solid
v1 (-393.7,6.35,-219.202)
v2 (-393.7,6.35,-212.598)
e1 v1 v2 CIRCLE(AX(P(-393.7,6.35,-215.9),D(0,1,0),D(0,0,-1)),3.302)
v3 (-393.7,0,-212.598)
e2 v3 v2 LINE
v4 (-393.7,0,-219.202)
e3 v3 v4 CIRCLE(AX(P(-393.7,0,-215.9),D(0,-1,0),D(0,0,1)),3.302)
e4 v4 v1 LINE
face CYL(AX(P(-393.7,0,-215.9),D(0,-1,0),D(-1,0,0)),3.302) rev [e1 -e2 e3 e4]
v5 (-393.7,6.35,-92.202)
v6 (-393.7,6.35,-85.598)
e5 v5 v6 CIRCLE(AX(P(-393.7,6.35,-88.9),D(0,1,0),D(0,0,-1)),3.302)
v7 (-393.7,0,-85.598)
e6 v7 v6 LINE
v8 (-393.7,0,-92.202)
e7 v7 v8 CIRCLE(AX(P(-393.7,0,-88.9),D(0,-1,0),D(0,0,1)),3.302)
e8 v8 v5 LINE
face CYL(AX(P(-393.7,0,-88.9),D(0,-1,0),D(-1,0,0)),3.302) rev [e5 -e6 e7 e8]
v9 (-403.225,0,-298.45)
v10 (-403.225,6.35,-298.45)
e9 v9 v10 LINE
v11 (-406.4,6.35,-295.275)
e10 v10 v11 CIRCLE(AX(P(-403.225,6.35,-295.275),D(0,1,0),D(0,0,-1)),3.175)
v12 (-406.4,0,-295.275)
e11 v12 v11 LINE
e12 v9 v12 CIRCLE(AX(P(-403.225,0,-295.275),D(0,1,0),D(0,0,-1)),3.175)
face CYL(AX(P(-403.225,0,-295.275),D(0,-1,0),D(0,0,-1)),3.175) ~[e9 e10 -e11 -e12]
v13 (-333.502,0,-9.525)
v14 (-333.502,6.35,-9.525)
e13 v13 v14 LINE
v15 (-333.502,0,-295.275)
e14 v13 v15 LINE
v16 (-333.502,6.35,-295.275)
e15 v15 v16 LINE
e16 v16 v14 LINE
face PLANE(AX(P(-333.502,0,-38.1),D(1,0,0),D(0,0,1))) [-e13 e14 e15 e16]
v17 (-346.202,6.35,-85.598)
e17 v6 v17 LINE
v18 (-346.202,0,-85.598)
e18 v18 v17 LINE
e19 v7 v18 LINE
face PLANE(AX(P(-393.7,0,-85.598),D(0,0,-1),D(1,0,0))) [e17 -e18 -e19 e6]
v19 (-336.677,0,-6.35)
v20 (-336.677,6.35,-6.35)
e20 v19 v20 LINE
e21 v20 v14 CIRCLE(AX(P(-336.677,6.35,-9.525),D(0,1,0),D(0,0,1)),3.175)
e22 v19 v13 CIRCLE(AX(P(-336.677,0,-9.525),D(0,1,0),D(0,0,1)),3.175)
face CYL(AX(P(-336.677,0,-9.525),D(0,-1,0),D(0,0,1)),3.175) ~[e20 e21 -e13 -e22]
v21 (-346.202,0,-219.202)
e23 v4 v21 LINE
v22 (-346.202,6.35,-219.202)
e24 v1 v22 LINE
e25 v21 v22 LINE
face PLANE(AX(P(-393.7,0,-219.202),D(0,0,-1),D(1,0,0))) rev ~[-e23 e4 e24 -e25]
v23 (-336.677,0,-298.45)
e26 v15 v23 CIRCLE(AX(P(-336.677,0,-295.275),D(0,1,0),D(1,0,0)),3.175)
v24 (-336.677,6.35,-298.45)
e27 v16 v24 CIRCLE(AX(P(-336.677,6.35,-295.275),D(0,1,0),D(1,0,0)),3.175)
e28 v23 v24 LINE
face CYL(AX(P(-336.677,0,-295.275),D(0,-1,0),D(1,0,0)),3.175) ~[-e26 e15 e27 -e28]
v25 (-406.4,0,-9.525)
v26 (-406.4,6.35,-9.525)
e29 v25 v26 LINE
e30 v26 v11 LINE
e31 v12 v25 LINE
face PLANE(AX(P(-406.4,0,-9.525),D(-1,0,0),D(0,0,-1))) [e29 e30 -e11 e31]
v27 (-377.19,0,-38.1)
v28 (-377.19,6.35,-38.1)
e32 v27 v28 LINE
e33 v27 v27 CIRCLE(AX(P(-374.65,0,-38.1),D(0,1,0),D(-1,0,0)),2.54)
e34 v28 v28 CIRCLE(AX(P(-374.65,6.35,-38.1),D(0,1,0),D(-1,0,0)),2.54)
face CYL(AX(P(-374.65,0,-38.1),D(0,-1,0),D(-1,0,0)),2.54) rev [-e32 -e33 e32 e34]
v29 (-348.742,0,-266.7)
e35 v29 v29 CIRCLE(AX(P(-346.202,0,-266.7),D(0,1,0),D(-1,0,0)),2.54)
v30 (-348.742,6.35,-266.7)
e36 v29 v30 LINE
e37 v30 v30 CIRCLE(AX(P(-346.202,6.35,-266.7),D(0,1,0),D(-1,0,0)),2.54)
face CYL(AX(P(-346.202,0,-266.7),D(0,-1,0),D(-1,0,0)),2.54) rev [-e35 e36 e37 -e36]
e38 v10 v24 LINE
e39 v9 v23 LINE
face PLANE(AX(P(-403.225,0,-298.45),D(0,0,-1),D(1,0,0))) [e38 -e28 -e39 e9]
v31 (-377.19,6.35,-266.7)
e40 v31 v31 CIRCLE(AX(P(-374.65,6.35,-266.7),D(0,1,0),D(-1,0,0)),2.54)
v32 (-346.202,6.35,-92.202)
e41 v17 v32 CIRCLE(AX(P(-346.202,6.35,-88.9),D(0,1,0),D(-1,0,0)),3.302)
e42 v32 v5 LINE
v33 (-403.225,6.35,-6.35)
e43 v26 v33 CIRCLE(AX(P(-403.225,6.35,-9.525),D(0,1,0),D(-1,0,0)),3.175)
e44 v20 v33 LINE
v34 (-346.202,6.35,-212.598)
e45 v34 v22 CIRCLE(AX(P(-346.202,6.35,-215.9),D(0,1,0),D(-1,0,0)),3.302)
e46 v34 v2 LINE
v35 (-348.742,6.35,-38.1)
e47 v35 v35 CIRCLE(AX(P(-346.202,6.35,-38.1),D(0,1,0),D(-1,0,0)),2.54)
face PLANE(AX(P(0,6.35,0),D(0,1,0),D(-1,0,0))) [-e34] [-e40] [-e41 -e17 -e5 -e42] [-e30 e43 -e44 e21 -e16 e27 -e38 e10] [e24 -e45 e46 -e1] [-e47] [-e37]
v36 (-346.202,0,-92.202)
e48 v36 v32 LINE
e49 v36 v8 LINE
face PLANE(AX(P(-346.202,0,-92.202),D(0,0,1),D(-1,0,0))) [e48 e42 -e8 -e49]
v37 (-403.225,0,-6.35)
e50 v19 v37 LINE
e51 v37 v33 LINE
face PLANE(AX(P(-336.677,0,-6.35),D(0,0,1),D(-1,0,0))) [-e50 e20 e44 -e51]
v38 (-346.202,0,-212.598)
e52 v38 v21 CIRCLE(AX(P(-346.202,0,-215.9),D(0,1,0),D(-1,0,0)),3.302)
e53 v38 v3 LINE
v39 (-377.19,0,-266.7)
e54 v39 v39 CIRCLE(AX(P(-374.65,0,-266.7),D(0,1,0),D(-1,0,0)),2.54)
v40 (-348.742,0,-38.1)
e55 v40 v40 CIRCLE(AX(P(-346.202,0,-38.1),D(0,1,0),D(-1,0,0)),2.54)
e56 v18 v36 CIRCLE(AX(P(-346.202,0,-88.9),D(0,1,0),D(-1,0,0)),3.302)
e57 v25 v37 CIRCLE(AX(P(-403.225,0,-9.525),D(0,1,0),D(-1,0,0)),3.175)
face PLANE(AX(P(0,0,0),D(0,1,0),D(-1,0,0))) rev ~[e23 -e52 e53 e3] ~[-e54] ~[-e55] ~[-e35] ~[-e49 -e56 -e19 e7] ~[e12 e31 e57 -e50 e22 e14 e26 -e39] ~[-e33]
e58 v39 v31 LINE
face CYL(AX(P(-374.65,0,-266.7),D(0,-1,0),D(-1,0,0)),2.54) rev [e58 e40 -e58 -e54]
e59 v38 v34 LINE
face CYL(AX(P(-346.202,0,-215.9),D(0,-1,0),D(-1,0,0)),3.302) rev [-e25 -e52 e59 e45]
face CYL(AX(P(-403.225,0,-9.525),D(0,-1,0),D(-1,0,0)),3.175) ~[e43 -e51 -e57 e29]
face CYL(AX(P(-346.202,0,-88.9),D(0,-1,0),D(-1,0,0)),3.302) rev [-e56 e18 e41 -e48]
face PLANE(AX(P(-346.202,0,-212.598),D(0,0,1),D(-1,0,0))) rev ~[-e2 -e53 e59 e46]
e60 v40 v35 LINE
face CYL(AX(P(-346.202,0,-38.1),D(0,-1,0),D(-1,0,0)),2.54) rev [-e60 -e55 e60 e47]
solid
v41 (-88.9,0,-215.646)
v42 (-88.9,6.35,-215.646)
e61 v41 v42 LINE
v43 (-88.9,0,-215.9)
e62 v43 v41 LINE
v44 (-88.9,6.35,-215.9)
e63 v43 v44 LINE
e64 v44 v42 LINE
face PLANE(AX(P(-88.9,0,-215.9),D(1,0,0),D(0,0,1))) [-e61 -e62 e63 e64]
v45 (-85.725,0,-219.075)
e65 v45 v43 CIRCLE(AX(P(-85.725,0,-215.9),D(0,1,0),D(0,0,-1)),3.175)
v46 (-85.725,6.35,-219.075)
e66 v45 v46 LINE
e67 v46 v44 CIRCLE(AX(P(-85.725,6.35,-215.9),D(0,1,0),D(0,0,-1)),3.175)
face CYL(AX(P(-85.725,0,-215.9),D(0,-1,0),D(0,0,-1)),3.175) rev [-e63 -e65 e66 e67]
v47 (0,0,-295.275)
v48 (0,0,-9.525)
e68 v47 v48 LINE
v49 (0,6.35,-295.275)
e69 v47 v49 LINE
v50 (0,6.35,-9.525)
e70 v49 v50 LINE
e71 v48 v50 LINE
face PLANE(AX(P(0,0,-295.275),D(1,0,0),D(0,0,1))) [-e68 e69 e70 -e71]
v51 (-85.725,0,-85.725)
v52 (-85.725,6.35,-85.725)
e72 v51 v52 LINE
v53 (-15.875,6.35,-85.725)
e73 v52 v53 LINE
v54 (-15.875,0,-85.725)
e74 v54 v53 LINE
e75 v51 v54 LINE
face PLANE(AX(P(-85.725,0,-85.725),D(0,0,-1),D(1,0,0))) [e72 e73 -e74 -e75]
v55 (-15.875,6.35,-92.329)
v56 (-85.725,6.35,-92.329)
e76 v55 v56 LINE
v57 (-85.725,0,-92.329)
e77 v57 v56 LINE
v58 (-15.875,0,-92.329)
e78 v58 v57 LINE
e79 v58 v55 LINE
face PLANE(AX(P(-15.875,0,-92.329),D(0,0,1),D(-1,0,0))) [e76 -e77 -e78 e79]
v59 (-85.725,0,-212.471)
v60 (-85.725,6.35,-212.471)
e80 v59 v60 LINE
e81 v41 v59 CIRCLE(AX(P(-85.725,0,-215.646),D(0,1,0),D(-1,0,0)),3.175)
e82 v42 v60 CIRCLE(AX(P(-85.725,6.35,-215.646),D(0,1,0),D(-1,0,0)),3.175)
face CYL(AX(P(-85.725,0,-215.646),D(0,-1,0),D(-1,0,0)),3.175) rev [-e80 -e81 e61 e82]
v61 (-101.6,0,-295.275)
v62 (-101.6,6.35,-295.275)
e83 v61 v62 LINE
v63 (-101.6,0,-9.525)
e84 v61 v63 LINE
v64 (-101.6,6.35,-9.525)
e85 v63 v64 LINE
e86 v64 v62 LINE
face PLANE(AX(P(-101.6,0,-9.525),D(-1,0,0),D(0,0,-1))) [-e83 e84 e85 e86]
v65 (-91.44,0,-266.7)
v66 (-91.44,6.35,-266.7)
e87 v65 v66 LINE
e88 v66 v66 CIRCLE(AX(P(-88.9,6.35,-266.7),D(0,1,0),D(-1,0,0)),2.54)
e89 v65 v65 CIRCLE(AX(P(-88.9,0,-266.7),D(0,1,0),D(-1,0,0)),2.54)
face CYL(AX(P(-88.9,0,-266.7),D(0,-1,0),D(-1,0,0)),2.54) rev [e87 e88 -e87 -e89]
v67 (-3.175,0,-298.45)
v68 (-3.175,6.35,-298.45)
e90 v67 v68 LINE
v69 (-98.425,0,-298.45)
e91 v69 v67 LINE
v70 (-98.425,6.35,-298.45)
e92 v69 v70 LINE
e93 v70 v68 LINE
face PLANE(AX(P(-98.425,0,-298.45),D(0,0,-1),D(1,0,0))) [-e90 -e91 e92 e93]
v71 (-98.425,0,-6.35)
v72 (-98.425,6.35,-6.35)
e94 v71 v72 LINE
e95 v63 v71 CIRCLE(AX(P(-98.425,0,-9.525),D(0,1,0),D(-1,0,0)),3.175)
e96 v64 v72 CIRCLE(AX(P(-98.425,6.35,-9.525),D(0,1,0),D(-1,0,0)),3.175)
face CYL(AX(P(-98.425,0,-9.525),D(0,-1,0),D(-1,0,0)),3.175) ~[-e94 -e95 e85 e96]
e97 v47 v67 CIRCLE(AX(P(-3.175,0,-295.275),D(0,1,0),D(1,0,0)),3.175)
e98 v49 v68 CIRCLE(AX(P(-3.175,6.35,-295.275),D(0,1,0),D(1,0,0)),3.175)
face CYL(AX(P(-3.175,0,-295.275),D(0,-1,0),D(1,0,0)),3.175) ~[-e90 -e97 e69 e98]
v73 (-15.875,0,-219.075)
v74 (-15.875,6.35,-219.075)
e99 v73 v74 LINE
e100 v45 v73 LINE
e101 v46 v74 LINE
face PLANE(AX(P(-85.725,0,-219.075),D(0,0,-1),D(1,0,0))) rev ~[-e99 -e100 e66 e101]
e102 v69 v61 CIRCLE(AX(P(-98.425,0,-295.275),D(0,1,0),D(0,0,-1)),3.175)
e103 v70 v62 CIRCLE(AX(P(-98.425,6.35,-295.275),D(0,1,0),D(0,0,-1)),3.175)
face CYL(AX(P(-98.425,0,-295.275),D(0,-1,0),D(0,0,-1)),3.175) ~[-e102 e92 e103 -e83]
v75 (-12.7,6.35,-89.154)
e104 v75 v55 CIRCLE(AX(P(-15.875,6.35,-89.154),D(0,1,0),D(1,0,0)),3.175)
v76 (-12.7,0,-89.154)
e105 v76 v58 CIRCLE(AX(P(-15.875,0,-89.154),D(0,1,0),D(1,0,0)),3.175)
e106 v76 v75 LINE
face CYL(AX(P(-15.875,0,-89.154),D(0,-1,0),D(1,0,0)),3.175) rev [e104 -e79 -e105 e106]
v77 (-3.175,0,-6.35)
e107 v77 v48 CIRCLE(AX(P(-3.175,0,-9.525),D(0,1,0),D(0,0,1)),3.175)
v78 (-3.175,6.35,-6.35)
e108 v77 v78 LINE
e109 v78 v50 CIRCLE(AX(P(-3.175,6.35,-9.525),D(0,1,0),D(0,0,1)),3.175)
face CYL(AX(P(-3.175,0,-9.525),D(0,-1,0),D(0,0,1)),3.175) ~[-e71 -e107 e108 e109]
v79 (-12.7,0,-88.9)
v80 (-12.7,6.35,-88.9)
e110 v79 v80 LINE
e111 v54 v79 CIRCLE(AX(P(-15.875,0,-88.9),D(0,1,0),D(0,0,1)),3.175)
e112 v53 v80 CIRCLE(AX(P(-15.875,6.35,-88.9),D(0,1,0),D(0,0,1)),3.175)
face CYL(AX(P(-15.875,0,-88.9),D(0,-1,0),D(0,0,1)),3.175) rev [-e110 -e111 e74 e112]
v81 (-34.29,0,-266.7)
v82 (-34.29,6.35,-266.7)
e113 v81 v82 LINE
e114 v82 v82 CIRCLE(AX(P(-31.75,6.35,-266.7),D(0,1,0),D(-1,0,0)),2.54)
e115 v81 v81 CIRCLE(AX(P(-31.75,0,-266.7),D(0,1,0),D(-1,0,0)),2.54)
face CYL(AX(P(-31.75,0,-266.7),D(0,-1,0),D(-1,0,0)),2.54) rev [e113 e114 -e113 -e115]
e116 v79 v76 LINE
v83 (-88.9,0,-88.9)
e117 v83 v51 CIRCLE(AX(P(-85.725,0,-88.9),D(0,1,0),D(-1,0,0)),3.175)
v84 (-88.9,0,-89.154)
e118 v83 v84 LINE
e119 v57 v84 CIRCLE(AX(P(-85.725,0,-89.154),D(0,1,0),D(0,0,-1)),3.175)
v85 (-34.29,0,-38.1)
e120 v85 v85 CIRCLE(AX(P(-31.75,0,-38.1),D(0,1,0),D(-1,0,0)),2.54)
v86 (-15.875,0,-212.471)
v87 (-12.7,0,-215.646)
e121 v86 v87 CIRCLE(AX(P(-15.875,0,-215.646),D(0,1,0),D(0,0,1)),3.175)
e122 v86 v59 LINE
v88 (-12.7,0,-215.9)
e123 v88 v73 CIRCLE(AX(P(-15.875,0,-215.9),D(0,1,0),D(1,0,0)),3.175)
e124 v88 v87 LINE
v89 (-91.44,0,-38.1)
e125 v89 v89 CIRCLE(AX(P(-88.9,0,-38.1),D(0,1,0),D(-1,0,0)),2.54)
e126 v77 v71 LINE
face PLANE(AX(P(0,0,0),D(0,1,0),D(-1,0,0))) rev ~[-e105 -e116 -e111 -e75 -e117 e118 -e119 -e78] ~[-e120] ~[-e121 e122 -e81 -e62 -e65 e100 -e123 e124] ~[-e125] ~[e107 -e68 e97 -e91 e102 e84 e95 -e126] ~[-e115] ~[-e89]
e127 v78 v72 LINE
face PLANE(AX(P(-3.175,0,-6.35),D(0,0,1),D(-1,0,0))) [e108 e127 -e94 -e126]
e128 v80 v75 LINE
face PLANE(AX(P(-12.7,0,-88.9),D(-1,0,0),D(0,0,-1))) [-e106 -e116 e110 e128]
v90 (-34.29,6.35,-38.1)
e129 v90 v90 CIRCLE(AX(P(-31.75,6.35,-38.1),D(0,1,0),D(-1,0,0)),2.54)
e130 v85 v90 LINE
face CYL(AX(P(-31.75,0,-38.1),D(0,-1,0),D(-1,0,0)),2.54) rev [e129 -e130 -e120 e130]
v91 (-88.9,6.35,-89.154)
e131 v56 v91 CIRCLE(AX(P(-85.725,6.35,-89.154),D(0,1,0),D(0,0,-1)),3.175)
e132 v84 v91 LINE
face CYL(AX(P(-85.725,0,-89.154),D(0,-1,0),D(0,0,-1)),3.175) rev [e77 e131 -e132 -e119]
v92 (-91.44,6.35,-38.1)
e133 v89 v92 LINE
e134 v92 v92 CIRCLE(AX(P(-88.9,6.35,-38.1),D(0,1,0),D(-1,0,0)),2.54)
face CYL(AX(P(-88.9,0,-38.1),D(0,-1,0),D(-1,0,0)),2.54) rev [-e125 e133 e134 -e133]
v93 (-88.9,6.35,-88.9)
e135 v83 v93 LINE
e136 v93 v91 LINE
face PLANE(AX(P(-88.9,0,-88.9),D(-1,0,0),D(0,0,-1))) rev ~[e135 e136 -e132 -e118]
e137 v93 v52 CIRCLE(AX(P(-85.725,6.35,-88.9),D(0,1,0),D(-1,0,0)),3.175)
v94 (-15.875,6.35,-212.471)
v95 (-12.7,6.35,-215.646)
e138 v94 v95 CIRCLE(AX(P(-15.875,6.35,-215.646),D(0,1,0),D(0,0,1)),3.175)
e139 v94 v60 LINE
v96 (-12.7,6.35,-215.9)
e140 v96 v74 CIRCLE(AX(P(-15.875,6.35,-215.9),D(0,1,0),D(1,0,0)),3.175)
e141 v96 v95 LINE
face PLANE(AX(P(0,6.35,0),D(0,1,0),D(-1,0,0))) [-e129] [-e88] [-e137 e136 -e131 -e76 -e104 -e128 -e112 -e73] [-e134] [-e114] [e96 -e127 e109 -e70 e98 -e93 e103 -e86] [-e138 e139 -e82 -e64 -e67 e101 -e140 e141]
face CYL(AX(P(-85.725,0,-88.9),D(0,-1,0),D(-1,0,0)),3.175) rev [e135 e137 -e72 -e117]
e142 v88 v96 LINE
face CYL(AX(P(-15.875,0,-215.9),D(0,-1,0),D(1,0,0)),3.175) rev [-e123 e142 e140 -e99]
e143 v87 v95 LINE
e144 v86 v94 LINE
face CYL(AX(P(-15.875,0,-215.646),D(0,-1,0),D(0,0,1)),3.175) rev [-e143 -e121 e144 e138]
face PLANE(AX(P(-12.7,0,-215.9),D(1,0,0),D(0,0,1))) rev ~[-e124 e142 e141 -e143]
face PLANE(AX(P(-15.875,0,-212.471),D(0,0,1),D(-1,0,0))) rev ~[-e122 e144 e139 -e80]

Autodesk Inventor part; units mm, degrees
ref_plane "YZ Plane" through (0, 0, 0) normal (1, 0, 0) x (0, 1, 0)
ref_plane "XZ Plane" through (0, 0, 0) normal (0, 1, 0) x (-1, 0, 0)
ref_plane "XY Plane" through (0, 0, 0) normal (0, 0, 1) x (1, 0, 0)
sketch "Sketch1" plane through (0, 0, 0) normal (0, 1, 0) x (-1, 0, 0)
  line L0 (0, 0) -> (304.8, 0) construction
  line L1 (304.8, 0) -> (304.8, -304.8) construction
  line L2 (304.8, -304.8) -> (0, -304.8) construction
  line L3 (0, -152.4) -> (304.8, -152.4) construction
  line L4 (31.75, -38.1) -> (88.9, -38.1) construction
  line L5 (88.9, -38.1) -> (346.202, -38.1) construction
  line L6 (346.202, -38.1) -> (374.65, -38.1) construction
  line L7 (374.65, -38.1) -> (406.4, -38.1) construction
  circle A0 centre (31.75, -38.1) radius 2.54
  circle A1 centre (88.9, -38.1) radius 2.54
  circle A2 centre (346.202, -38.1) radius 2.54
  circle A3 centre (374.65, -38.1) radius 2.54
  line L8 (101.6, -9.525) -> (101.6, -152.4)
  circle A4 centre (31.75, -266.7) radius 2.54
  circle A5 centre (88.9, -266.7) radius 2.54
  line L9 (101.6, -295.275) -> (101.6, -152.4)
  line L10 (88.9, -88.9) -> (88.9, -88.9)
  line L11 (85.725, -85.725) -> (15.875, -85.725)
  line L12 (12.7, -88.9) -> (12.7, -89.154)
  line L13 (15.875, -92.329) -> (85.725, -92.329)
  arc A6 (88.9, -88.9) -> (85.725, -85.725) centre (85.725, -88.9) ccw
  arc A7 (85.725, -92.329) -> (88.9, -89.154) centre (85.725, -89.154) ccw
  arc A8 (15.875, -85.725) -> (12.7, -88.9) centre (15.875, -88.9) ccw
  arc A9 (12.7, -89.154) -> (15.875, -92.329) centre (15.875, -89.154) ccw
  line L14 (88.9, -88.9) -> (88.9, -89.154)
  line L15 (88.9, -215.9) -> (88.9, -215.9)
  line L16 (85.725, -219.075) -> (15.875, -219.075)
  line L17 (12.7, -215.9) -> (12.7, -215.646)
  line L18 (15.875, -212.471) -> (85.725, -212.471)
  arc A10 (85.725, -219.075) -> (88.9, -215.9) centre (85.725, -215.9) ccw
  arc A11 (88.9, -215.646) -> (85.725, -212.471) centre (85.725, -215.646) ccw
  arc A12 (12.7, -215.9) -> (15.875, -219.075) centre (15.875, -215.9) ccw
  arc A13 (15.875, -212.471) -> (12.7, -215.646) centre (15.875, -215.646) ccw
  line L19 (88.9, -215.9) -> (88.9, -215.646)
  arc A14 (98.425, -298.45) -> (101.6, -295.275) centre (98.425, -295.275) ccw
  arc A15 (101.6, -9.525) -> (98.425, -6.35) centre (98.425, -9.525) ccw
  line L20 (346.202, -38.1) -> (333.502, -38.1) construction
  line L21 (333.502, -38.1) -> (333.502, -9.525)
  line L22 (406.4, -69.85) -> (406.4, -152.4)
  line L23 (333.502, -38.1) -> (333.502, -152.4)
  circle A16 centre (393.7, -88.9) radius 3.302
  line L24 (393.7, -85.598) -> (346.202, -85.598)
  line L25 (346.202, -85.598) -> (346.202, -92.202)
  line L26 (346.202, -92.202) -> (393.7, -92.202)
  line L27 (393.7, -92.202) -> (393.7, -85.598)
  circle A17 centre (346.202, -88.9) radius 3.302
  line L28 (88.9, -266.7) -> (346.202, -266.7) construction
  line L29 (346.202, -266.7) -> (374.65, -266.7) construction
  line L30 (374.65, -266.7) -> (406.4, -266.7) construction
  circle A18 centre (346.202, -266.7) radius 2.54
  circle A19 centre (374.65, -266.7) radius 2.54
  line L31 (346.202, -266.7) -> (333.502, -266.7) construction
  line L32 (333.502, -266.7) -> (333.502, -295.275)
  line L33 (406.4, -234.95) -> (406.4, -152.4)
  line L34 (333.502, -266.7) -> (333.502, -152.4)
  circle A20 centre (393.7, -215.9) radius 3.302
  line L35 (393.7, -219.202) -> (346.202, -219.202)
  line L36 (346.202, -219.202) -> (346.202, -212.598)
  line L37 (346.202, -212.598) -> (393.7, -212.598)
  line L38 (393.7, -212.598) -> (393.7, -219.202)
  circle A21 centre (346.202, -215.9) radius 3.302
  line L39 (98.425, -298.45) -> (3.175, -298.45)
  line L40 (0, -295.275) -> (0, -9.525)
  line L41 (3.175, -6.35) -> (98.425, -6.35)
  line L42 (406.4, -234.95) -> (406.4, -295.275)
  line L43 (403.225, -298.45) -> (336.677, -298.45)
  line L44 (336.677, -6.35) -> (403.225, -6.35)
  line L45 (406.4, -9.525) -> (406.4, -69.85)
  arc A22 (3.175, -6.35) -> (0, -9.525) centre (3.175, -9.525) ccw
  arc A23 (0, -295.275) -> (3.175, -298.45) centre (3.175, -295.275) ccw
  arc A24 (403.225, -298.45) -> (406.4, -295.275) centre (403.225, -295.275) ccw
  arc A25 (333.502, -295.275) -> (336.677, -298.45) centre (336.677, -295.275) ccw
  arc A26 (406.4, -9.525) -> (403.225, -6.35) centre (403.225, -9.525) ccw
  arc A27 (336.677, -6.35) -> (333.502, -9.525) centre (336.677, -9.525) ccw
  line L46 (98.425, -298.45) -> (3.175, -298.45)
  line L47 (0, -295.275) -> (0, -9.525)
  line L48 (3.175, -6.35) -> (98.425, -6.35)
  line L49 (101.6, -9.525) -> (101.6, -295.275)
  arc A28 (98.425, -298.45) -> (101.6, -295.275) centre (98.425, -295.275) ccw
  arc A29 (0, -295.275) -> (3.175, -298.45) centre (3.175, -295.275) ccw
  arc A30 (3.175, -6.35) -> (0, -9.525) centre (3.175, -9.525) ccw
  arc A31 (101.6, -9.525) -> (98.425, -6.35) centre (98.425, -9.525) ccw
  point P0 (101.6, -6.35)
  point P1 (101.6, -298.45)
  point P2 (12.7, -92.329)
  point P3 (12.7, -85.725)
  point P4 (12.7, -212.471)
  point P5 (12.7, -219.075)
  point P6 (333.502, -6.35)
  point P7 (333.502, -298.45)
  point P8 (406.4, -6.35)
  dimension "d53" = 6.604
  dimension "d0" = 304.8
  dimension "d1" = 304.8
  dimension "d6" = 57.15
  dimension "d7" = 257.302
  dimension "d8" = 28.448
  dimension "d9" = 31.75
  dimension "d10" = 5.08
  dimension "d11" = 5.08
  dimension "d12" = 5.08
  dimension "d13" = 5.08
  dimension "d41" = 6.604
  dimension "d42" = 3.175
  dimension "d44" = 12.7
  dimension "d45" = 31.75
  dimension "d58" = 3.175
  dimension "d59" = 3.175
extrude "Extrusion2" add sketch "Sketch1" along normal blind 6.35
properties part number "vrRig_v08_slideMountBottom"
